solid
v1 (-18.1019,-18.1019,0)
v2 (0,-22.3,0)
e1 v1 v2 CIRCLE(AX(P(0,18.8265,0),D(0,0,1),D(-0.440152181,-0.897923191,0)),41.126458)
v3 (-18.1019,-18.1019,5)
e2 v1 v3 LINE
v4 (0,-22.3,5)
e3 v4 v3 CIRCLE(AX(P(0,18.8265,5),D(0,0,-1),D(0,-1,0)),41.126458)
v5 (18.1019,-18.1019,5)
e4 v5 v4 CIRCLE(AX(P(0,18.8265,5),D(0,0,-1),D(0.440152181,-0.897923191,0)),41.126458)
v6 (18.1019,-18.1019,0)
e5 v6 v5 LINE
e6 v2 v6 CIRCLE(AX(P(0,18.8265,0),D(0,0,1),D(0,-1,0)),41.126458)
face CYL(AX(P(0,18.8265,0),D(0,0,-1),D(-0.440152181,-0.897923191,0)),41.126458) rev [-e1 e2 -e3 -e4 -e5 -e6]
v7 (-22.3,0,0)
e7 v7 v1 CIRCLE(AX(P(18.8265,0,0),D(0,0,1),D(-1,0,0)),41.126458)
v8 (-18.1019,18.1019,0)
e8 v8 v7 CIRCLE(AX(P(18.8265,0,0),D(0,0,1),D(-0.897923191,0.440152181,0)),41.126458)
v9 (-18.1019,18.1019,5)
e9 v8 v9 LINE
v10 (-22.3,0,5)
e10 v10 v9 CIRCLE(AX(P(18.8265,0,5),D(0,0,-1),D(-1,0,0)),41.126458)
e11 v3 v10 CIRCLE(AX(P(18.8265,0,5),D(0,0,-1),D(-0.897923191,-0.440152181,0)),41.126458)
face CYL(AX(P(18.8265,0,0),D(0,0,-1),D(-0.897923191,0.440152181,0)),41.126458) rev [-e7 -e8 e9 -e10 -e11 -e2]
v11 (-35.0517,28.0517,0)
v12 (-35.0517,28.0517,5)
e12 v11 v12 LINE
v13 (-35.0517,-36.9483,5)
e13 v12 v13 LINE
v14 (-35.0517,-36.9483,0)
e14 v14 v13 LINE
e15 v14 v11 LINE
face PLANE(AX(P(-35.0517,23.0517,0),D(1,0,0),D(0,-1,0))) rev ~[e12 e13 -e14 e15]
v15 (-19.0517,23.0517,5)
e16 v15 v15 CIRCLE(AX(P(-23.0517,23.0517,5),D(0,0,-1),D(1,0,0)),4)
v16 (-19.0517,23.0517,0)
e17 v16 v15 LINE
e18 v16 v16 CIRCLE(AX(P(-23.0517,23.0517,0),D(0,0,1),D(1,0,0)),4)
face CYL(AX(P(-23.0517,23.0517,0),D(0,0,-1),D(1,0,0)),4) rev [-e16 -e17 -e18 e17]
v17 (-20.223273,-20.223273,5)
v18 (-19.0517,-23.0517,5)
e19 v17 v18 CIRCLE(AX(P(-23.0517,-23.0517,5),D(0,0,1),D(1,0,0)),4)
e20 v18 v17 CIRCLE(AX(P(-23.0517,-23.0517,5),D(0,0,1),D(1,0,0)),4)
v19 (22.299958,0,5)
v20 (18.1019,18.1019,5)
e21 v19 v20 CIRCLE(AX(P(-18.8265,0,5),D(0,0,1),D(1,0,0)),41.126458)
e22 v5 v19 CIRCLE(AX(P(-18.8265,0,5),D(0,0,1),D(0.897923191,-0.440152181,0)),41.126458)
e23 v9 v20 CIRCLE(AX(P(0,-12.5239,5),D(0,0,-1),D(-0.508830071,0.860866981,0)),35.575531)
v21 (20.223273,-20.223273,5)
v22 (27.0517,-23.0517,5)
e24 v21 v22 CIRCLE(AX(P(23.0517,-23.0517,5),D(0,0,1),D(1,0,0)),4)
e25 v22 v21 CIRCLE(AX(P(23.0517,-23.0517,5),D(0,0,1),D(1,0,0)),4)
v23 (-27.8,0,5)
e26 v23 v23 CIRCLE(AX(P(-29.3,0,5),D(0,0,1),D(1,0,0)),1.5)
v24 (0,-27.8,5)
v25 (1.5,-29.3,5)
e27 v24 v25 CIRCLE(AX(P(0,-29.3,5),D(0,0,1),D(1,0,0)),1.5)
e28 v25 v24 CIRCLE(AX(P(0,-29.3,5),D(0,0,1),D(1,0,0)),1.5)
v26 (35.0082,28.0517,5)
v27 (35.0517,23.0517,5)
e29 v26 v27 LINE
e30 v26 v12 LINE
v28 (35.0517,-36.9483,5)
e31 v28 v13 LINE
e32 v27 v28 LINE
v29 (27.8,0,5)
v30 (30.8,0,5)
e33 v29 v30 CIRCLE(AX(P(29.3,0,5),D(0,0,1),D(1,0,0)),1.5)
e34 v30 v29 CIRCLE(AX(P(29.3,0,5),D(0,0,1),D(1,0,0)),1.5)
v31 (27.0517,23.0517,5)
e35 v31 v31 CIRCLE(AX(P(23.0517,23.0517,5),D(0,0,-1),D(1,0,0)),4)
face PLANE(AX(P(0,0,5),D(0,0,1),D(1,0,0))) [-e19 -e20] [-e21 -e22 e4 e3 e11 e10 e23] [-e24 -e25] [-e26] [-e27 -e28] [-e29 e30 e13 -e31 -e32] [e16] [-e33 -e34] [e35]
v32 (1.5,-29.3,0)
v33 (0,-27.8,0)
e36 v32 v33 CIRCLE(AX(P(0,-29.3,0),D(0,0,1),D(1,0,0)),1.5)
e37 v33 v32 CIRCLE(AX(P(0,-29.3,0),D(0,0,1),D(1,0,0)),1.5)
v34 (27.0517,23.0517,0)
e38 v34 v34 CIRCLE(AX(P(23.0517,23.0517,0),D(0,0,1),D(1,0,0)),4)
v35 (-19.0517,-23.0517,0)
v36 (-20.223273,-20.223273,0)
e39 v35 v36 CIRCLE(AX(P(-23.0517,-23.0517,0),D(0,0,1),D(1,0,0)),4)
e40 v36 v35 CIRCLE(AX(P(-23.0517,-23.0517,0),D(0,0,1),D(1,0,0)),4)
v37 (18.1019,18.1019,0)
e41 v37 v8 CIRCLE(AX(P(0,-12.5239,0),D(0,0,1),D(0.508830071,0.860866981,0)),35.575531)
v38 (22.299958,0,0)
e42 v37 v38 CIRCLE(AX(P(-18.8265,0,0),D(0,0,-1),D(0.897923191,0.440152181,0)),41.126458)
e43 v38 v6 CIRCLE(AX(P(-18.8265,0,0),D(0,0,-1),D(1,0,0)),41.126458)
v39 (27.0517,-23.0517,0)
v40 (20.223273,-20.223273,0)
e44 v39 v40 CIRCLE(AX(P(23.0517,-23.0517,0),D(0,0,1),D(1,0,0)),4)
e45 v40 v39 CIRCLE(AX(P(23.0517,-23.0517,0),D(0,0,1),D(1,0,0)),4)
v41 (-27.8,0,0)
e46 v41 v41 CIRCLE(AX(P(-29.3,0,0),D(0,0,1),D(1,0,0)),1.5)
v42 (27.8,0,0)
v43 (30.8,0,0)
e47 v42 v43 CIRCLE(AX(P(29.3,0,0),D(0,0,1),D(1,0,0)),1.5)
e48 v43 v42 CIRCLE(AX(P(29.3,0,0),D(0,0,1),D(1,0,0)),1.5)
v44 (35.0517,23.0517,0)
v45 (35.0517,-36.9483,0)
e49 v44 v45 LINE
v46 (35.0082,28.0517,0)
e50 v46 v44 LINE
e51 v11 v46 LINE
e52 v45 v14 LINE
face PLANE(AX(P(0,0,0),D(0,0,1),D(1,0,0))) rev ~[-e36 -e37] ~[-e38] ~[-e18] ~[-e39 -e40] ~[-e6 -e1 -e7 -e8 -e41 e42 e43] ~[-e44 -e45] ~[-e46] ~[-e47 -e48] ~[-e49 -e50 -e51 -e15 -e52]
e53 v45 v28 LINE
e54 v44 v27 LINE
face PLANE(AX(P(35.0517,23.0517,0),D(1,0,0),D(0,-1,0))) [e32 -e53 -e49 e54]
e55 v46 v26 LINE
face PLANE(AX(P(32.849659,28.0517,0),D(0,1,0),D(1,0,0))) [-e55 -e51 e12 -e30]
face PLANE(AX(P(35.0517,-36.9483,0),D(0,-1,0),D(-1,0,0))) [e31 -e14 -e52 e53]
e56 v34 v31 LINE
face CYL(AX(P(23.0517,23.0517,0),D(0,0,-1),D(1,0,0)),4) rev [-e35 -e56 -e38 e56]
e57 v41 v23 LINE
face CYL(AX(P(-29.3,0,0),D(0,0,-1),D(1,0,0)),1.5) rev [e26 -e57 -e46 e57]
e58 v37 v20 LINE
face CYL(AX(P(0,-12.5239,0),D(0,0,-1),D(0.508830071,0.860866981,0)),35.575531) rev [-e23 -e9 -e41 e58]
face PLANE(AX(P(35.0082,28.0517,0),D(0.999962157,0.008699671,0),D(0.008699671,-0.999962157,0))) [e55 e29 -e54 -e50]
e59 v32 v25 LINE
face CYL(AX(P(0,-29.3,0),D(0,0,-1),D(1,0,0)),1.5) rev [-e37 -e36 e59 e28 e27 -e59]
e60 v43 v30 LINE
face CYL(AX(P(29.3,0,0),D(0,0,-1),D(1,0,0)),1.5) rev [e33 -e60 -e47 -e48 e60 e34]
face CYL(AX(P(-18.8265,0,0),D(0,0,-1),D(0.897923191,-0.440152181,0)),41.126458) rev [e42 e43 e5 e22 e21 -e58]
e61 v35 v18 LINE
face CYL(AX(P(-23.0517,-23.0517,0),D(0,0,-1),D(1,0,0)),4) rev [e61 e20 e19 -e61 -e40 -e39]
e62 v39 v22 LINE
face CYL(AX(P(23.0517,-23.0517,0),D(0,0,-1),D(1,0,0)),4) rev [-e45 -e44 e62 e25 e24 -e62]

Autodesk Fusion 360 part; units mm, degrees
sketch "Sketch1" plane through (0, 0, 0) normal (0, 0, 1) x (1, 0, 0)
  circle A0 centre (0, 0) radius 21.3
  line L0 (0, 0) -> (-15.0614, -15.0614)
  line L1 (0, 0) -> (21.3, 0) construction
  line L2 (-15.0614, -15.0614) -> (-23.0517, -23.0517)
  circle A1 centre (-23.0517, -23.0517) radius 11
  line L3 (0, 0) -> (15.0614, -15.0614)
  line L4 (15.0614, -15.0614) -> (23.0517, -23.0517)
  circle A2 centre (23.0517, -23.0517) radius 11
  circle A3 centre (-23.0517, 23.0517) radius 11
  circle A4 centre (23.0517, 23.0517) radius 11
  line L5 (-23.0517, 23.0517) -> (-35.0517, 23.0517)
  line L6 (-35.0517, 23.0517) -> (-35.0517, -36.9483)
  line L7 (23.0517, 23.0517) -> (35.0517, 23.0517)
  line L8 (35.0517, 23.0517) -> (35.0517, -36.9483)
  line L9 (35.0517, -36.9483) -> (-35.0517, -36.9483)
  line L10 (-23.0517, 23.0517) -> (23.0517, 23.0517)
  circle A5 centre (-23.0517, 23.0517) radius 4
  circle A6 centre (23.0517, 23.0517) radius 4
  circle A7 centre (23.0517, -23.0517) radius 4
  circle A8 centre (-23.0517, -23.0517) radius 4
  line L11 (-35.0517, 23.0517) -> (-35.0517, 24)
  line L12 (-35.0517, 24) -> (-35.0517, 28.0517)
  line L13 (-35.0517, 28.0517) -> (35.0082, 28.0517)
  line L14 (35.0082, 28.0517) -> (35.0517, 23.0517)
  line L15 (-23.0517, -23.0517) -> (-18.1019, -18.1019)
  line L16 (-23.0517, 23.0517) -> (-18.1019, 18.1019)
  line L17 (23.0517, 23.0517) -> (18.1019, 18.1019)
  line L18 (23.0517, 23.0517) -> (30.0517, 23.0517) construction
  line L19 (23.0517, -23.0517) -> (18.1019, -18.1019)
  arc A9 (18.1019, 18.1019) -> (-18.1019, 18.1019) centre (0, -12.5239) ccw
  line L20 (0, 0) -> (-21.3, 0)
  line L21 (-21.3, 0) -> (-22.3, 0)
  arc A10 (-18.1019, 18.1019) -> (-18.1019, -18.1019) centre (18.8265, 0) ccw
  line L22 (0, 0) -> (0, 5) construction
  arc A11 (18.1019, -18.1019) -> (18.1019, 18.1019) centre (-18.8265, 0) ccw
  line L23 (0, 0) -> (0, -21.3)
  line L24 (0, -21.3) -> (0, -22.3)
  arc A12 (-18.1019, -18.1019) -> (18.1019, -18.1019) centre (0, 18.8265) ccw
  line L25 (0, 0) -> (0, -21.3)
  line L26 (0, -21.3) -> (0, -29.3)
  line L27 (-21.3, 0) -> (-29.3, 0)
  line L28 (21.3, 0) -> (29.3, 0)
  circle A13 centre (29.3, 0) radius 1.5
  circle A14 centre (0, -29.3) radius 1.5
  circle A15 centre (-29.3, 0) radius 1.5
  dimension "d1" = 42.6
  dimension "d2" = 135
  dimension "d3" = 11.3
  dimension "d4" = 22
  dimension "d5" = 11.3
  dimension "d6" = 22
  dimension "d7" = 12
  dimension "d8" = 60
  dimension "d9" = 12
  dimension "d10" = 60
  dimension "d11" = 8
  dimension "d12" = 8
  dimension "d13" = 8
  dimension "d14" = 8
  dimension "d15" = 5
  dimension "d16" = 7
  dimension "d17" = 7
  dimension "d18" = 135
  dimension "d19" = 7
  dimension "d20" = 7
  dimension "d25" = 1
  dimension "d26" = 1
  dimension "d27" = 8
  dimension "d28" = 8
  dimension "d29" = 8
  dimension "d30" = 3
  dimension "d31" = 3
  dimension "d32" = 3
extrude "Extrude1" add sketch "Sketch1" along normal blind 5 contours A1 A2 A3 A4 L5 L6 L7 L8 L9 A10 A11 A12 | A2 A11 A12 | A4 L7 A6 L17 A11 | A3 L5 A5 L16 A10 | A1 A10 A12 | A4 L10 A9 | A4 L10 A6 L17 A9 | A4 L7 L10 A6 L13 | A4 L7 L13 L14 | A3 L5 L11 L12 L13 | A3 L5 L10 A5 L13 | A3 L10 A5 L16 A9 | A3 L10 A9 | A3 A4 L10 L13
